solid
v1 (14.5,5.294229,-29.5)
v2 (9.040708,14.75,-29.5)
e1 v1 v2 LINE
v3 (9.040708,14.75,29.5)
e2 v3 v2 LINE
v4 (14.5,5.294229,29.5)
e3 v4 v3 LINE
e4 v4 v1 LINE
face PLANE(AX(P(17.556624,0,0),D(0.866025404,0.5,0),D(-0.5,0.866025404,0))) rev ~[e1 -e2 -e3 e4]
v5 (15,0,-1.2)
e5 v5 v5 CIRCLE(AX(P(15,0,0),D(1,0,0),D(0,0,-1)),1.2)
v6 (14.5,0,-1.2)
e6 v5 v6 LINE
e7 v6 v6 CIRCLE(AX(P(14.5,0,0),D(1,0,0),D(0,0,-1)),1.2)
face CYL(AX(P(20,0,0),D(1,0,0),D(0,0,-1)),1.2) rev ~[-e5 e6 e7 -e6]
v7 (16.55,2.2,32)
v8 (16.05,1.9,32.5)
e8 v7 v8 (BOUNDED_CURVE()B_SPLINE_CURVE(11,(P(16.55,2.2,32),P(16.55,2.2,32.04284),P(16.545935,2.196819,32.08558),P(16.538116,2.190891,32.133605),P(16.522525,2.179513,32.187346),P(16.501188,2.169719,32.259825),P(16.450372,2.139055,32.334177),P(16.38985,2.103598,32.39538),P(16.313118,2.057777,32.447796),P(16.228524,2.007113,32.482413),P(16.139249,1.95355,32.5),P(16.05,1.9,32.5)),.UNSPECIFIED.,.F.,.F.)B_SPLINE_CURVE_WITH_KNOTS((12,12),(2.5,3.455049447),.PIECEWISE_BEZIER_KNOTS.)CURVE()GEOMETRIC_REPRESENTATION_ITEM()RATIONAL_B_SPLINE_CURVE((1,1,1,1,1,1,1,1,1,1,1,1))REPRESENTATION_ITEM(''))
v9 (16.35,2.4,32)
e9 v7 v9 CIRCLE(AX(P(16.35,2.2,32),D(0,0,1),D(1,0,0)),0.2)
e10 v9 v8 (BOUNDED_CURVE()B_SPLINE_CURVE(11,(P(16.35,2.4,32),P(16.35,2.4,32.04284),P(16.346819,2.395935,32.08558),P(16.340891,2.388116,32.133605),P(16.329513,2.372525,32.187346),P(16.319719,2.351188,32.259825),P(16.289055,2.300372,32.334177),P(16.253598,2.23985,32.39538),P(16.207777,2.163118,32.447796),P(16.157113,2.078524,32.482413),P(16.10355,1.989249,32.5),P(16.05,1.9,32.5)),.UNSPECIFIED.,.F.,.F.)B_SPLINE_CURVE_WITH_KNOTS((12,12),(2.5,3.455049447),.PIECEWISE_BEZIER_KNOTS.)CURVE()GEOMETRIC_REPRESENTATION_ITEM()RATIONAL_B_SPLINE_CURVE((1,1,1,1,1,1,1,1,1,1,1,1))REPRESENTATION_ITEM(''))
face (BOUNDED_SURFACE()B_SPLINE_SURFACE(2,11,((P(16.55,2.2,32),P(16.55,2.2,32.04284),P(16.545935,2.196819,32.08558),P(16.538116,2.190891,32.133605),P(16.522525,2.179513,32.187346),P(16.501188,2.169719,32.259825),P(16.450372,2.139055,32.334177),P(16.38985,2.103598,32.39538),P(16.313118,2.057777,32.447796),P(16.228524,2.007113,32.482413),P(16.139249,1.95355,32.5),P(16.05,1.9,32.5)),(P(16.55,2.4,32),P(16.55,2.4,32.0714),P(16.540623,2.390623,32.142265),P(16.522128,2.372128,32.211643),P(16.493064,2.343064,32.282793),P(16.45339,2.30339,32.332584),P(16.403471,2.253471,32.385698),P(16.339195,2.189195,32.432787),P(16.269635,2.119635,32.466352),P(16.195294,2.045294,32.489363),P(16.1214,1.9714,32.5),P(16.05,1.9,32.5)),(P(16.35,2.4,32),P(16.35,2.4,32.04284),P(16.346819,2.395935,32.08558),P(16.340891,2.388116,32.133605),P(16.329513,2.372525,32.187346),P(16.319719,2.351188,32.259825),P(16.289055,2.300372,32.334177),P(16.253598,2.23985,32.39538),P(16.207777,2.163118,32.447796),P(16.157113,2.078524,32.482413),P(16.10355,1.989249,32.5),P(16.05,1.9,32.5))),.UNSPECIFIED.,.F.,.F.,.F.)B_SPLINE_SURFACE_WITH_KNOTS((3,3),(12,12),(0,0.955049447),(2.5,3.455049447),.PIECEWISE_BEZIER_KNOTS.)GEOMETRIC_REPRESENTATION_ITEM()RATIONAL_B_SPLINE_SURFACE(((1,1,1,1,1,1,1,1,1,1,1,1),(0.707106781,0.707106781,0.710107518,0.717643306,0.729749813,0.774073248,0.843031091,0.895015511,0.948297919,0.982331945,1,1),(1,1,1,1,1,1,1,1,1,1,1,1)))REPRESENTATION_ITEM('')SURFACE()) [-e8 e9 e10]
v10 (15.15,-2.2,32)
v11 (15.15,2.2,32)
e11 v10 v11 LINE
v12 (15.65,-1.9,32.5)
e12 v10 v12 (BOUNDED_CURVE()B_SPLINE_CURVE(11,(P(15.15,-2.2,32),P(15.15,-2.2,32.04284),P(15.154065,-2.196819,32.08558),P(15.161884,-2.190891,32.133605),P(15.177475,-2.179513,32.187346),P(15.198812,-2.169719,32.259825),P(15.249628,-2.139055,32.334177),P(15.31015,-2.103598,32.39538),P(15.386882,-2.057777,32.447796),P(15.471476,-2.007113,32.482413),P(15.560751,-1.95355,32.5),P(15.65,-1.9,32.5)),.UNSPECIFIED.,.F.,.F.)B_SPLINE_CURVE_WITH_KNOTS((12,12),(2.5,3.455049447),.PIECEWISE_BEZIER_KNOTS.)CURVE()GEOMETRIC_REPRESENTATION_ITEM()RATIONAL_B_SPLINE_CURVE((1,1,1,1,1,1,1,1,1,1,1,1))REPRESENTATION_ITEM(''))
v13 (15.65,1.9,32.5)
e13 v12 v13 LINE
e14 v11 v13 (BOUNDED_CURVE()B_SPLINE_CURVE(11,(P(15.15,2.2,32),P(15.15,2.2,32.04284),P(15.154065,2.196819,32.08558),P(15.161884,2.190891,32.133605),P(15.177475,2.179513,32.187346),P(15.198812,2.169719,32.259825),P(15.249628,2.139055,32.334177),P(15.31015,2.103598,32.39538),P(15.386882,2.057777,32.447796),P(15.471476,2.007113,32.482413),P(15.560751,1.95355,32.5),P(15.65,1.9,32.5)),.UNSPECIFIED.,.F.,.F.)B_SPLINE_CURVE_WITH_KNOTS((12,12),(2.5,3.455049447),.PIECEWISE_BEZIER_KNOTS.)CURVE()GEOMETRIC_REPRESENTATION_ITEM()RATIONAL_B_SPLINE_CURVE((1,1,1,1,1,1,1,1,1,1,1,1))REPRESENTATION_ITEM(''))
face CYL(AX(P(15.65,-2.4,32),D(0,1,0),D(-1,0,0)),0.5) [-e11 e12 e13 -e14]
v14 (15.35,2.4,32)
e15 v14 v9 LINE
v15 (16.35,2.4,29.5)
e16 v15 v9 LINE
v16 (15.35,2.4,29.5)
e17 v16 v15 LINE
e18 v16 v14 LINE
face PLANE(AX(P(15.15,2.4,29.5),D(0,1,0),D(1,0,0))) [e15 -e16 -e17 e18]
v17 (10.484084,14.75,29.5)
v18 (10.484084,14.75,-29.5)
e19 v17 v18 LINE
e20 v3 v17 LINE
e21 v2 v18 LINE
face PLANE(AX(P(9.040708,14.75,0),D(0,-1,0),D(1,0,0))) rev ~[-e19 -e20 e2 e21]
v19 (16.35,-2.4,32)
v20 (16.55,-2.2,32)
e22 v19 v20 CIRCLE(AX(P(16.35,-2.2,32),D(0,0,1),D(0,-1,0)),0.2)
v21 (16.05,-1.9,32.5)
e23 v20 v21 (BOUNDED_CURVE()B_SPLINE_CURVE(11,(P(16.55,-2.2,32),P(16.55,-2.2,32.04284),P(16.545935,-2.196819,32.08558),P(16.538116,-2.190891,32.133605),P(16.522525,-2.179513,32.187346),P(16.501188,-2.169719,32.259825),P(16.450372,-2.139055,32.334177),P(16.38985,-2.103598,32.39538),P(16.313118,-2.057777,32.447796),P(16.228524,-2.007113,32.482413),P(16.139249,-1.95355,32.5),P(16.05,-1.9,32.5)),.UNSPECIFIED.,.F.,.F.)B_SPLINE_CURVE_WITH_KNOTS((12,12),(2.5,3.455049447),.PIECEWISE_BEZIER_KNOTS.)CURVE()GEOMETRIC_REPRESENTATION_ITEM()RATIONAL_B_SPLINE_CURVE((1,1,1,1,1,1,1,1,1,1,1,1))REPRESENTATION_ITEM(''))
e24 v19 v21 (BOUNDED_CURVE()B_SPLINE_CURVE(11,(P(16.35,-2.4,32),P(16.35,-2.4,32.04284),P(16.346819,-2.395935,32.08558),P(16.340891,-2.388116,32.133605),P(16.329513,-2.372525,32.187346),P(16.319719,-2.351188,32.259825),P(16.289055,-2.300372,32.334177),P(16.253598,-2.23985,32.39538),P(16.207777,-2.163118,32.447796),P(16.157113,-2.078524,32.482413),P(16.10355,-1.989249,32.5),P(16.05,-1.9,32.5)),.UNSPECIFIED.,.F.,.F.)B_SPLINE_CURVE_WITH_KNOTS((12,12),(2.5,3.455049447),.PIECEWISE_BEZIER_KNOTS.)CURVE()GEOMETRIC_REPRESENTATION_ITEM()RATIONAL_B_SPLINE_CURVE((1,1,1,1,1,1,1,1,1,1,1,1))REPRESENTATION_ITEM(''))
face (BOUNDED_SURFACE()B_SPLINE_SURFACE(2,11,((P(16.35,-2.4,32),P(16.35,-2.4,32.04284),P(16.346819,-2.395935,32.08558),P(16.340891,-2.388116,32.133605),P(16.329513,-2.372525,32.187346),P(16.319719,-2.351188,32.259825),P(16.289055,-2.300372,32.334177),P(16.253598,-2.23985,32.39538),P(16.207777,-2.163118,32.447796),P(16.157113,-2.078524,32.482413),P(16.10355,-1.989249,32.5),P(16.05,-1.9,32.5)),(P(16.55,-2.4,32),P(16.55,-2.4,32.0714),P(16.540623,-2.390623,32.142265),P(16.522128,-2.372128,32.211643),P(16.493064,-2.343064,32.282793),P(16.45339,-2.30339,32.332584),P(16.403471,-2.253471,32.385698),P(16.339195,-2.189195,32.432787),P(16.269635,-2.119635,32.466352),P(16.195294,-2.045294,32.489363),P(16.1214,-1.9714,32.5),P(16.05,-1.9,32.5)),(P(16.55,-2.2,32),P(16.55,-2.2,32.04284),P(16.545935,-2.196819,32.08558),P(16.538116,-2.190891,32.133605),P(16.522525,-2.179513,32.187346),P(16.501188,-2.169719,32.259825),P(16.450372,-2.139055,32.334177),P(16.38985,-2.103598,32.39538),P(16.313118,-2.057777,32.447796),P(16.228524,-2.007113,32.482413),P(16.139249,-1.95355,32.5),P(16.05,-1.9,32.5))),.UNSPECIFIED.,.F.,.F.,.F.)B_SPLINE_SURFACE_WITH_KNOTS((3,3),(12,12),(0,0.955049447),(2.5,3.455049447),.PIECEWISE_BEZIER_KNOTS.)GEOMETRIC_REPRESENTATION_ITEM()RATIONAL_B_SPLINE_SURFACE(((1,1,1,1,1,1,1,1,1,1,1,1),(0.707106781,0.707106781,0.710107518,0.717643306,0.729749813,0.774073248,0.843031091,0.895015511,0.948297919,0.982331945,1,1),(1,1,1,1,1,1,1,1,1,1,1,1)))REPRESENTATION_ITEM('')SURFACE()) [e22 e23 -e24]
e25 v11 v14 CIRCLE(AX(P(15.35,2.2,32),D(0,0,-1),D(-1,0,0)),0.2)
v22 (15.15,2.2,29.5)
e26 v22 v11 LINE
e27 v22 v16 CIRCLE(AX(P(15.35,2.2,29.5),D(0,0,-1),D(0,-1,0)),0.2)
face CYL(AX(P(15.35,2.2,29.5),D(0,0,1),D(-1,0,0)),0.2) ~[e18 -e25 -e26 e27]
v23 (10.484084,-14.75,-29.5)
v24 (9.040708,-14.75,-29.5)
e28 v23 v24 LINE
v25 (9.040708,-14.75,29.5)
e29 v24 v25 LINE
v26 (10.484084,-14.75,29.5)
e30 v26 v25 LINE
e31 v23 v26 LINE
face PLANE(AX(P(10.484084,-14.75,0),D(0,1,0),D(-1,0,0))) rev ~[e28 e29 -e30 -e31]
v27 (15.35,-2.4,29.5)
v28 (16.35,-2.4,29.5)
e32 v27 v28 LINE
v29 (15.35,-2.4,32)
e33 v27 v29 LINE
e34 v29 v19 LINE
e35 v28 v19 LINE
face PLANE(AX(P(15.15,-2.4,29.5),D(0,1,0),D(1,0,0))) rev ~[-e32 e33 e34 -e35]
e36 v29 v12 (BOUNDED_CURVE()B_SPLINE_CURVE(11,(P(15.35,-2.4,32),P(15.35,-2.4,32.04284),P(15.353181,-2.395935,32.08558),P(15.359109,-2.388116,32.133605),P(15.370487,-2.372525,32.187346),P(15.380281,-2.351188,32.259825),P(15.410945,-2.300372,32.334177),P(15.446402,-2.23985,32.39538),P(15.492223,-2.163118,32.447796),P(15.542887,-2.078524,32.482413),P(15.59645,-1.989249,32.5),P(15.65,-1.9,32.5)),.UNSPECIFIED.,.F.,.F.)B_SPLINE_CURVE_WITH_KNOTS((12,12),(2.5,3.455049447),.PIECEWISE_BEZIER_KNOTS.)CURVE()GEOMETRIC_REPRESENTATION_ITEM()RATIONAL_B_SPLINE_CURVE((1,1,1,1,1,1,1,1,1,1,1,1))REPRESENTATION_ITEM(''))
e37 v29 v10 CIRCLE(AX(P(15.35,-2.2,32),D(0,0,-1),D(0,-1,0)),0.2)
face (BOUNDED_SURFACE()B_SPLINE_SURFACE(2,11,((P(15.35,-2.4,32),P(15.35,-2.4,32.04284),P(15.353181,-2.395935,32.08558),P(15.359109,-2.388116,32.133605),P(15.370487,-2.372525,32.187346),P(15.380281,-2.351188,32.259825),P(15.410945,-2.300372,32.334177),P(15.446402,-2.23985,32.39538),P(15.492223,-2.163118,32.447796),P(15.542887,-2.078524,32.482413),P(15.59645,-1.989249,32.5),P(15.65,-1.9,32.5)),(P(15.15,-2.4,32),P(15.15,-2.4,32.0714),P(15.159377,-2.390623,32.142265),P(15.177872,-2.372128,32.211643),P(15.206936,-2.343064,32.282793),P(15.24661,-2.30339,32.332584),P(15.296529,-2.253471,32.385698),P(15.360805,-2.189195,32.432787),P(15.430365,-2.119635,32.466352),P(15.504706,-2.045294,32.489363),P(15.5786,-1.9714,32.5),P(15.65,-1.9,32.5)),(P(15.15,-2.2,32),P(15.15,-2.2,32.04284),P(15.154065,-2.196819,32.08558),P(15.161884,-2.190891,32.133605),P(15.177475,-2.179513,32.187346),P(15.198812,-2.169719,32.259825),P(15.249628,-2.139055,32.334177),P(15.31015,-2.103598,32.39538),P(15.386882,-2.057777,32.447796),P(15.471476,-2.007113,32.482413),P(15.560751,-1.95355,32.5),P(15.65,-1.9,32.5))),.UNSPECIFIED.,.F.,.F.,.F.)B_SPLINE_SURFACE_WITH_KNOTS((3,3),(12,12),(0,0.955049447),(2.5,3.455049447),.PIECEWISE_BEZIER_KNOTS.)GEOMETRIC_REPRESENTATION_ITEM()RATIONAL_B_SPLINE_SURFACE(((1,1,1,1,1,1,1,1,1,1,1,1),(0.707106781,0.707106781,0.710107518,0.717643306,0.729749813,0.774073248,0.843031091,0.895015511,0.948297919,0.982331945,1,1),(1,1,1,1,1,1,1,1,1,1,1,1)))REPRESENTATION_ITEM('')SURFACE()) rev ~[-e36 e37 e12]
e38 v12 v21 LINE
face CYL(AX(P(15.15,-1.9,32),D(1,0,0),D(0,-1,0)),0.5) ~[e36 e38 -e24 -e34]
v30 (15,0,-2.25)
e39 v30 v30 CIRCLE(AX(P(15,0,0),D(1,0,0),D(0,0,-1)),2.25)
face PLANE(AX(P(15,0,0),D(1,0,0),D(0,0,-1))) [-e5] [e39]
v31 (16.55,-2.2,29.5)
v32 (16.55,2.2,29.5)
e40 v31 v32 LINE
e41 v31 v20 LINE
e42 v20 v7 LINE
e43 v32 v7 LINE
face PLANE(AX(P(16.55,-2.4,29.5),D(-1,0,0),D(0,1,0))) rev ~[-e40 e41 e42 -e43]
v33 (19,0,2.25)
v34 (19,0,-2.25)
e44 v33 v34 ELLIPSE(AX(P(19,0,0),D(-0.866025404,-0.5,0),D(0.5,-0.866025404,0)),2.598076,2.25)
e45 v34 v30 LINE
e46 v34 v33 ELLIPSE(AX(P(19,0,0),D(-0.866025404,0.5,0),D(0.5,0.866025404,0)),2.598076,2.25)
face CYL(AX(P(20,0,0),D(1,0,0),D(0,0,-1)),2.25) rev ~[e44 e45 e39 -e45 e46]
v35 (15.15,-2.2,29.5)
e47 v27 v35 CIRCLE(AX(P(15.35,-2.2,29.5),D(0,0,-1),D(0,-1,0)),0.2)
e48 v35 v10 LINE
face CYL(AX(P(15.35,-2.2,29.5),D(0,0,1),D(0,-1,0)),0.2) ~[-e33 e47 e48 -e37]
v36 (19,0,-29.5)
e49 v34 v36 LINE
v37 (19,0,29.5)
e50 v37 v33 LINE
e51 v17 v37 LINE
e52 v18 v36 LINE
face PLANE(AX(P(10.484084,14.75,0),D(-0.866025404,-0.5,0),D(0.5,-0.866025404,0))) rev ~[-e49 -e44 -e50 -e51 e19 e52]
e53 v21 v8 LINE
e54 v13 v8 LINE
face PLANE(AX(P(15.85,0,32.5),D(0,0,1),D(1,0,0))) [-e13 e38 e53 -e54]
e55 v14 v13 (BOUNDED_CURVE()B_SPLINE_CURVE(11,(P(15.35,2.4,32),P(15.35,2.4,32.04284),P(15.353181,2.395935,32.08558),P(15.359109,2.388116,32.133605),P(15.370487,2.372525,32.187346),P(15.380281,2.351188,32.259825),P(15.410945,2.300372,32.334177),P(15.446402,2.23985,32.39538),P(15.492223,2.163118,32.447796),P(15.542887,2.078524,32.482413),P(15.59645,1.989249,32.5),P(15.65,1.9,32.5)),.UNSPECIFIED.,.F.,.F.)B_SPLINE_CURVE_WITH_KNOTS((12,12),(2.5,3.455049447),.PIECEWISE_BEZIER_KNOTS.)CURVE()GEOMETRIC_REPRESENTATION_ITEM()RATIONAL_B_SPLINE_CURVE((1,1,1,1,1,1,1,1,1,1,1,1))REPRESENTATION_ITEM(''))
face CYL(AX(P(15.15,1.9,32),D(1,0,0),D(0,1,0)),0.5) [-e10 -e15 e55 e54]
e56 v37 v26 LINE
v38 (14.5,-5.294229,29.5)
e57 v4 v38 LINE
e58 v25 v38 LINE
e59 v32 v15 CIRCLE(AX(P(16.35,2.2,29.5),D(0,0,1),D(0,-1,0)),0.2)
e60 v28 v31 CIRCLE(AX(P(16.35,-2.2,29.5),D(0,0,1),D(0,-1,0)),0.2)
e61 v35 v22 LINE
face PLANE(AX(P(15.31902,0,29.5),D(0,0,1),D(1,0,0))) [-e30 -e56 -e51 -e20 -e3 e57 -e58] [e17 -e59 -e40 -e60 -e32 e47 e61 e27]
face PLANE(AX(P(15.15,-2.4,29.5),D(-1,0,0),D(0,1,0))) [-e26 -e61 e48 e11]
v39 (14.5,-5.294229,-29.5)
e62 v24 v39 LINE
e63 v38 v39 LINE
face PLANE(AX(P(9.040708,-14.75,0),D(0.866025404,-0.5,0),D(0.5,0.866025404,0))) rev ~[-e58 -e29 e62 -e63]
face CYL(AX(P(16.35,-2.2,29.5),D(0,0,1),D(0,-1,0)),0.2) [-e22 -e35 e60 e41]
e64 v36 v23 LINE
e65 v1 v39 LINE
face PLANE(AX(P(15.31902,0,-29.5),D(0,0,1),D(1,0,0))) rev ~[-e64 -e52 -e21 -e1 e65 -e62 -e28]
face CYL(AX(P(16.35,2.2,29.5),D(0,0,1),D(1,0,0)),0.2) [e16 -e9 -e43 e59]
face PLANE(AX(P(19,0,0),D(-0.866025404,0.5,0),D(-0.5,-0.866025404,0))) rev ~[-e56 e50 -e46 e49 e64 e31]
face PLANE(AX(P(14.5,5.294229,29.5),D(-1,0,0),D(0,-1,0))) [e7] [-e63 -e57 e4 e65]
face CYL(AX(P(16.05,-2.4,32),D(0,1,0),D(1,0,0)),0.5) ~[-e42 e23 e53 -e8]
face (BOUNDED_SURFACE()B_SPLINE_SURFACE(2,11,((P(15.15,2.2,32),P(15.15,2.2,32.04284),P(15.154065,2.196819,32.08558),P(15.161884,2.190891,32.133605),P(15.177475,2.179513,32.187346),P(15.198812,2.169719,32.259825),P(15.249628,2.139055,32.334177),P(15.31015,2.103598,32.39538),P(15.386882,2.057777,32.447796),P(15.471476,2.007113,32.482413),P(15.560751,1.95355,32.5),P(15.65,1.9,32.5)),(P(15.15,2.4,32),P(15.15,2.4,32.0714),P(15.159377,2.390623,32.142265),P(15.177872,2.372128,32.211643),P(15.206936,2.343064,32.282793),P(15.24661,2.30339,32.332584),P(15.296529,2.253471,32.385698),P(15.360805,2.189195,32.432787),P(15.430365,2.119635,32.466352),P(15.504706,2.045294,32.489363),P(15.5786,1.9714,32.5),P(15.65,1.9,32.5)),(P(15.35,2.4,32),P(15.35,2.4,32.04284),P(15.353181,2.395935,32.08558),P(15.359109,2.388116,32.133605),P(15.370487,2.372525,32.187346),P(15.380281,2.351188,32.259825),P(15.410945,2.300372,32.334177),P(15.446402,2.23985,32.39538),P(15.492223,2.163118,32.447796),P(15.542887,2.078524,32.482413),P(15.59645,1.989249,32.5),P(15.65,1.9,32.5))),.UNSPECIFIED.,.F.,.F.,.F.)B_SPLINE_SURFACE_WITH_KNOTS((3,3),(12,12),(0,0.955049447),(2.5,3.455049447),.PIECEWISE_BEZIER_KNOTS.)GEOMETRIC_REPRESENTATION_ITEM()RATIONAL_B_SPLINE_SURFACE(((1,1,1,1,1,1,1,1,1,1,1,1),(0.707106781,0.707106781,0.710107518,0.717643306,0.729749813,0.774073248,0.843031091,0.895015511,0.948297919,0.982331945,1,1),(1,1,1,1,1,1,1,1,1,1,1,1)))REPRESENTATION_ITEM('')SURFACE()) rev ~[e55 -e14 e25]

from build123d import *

# Parameters (mm, degrees)
BOSS_EXTRUDE1_DEPTH = 29.5
BOSS_EXTRUDE2_DEPTH = 59
SKETCH3_W           = 1.4
SKETCH3_H           = 4.8
BOSS_EXTRUDE3_DEPTH = 3
FILLET1_R           = 0.5
SKETCH5_R           = 1.2
CUT_EXTRUDE1_DEPTH  = 13
SKETCH6_R           = 2.25
CUT_EXTRUDE2_DEPTH  = 5
FILLET2_R           = 0.2


with BuildPart() as part:
    # Sketch1 → Boss-Extrude1 (new body, symmetric)
    with BuildSketch(Plane.XY):
        Polygon((17.556624327, 0), (9.040707856, 14.75), (10.484083529, 14.75), (19, 0), (10.484083529, -14.75), (9.040707856, -14.75), align=None)
    extrude(amount=BOSS_EXTRUDE1_DEPTH, both=True)

    # Sketch2 → Boss-Extrude2 (add)
    with BuildSketch(Plane.XY.offset(29.5)):
        Polygon((17.556624327, 0), (14.5, 5.294228634), (14.5, -5.294228634), align=None)
    extrude(amount=-BOSS_EXTRUDE2_DEPTH)

    # Sketch3 → Boss-Extrude3 (add)
    with BuildSketch(Plane.XY.offset(29.5)):
        with Locations((15.85, 0)):
            Rectangle(SKETCH3_W, SKETCH3_H)
    extrude(amount=BOSS_EXTRUDE3_DEPTH)

    # Fillet1
    fillet1_edges = [part.edges().sort_by_distance(p)[0] for p in [
        (15.15, 0, 32.5),
        (15.85, -2.4, 32.5),
        (16.55, 0, 32.5),
        (15.85, 2.4, 32.5),
    ]]
    fillet(fillet1_edges, radius=FILLET1_R)

    # Sketch5 → Cut-Extrude1 (cut)
    with BuildSketch(Plane(origin=(20, 0, 0), x_dir=(0, 0, -1), z_dir=(1, 0, 0))):
        Circle(SKETCH5_R)
    extrude(amount=-CUT_EXTRUDE1_DEPTH, mode=Mode.SUBTRACT)

    # Sketch6 → Cut-Extrude2 (cut)
    with BuildSketch(Plane(origin=(20, 0, 0), x_dir=(0, 0, -1), z_dir=(1, 0, 0))):
        Circle(SKETCH6_R)
    extrude(amount=-CUT_EXTRUDE2_DEPTH, mode=Mode.SUBTRACT)

    # Fillet2
    fillet2_edges = [part.edges().sort_by_distance(p)[0] for p in [
        (15.15, 2.4, 30.75),
        (16.55, 2.4, 30.75),
        (16.55, -2.4, 30.75),
        (15.15, -2.4, 30.75),
        (16.373024454, -2.223024454, 32.381648008),
        (15.326975546, -2.223024454, 32.381648008),
        (16.373024454, 2.223024454, 32.381648008),
        (15.326975546, 2.223024454, 32.381648008),
    ]]
    fillet(fillet2_edges, radius=FILLET2_R)


solid = part.part
